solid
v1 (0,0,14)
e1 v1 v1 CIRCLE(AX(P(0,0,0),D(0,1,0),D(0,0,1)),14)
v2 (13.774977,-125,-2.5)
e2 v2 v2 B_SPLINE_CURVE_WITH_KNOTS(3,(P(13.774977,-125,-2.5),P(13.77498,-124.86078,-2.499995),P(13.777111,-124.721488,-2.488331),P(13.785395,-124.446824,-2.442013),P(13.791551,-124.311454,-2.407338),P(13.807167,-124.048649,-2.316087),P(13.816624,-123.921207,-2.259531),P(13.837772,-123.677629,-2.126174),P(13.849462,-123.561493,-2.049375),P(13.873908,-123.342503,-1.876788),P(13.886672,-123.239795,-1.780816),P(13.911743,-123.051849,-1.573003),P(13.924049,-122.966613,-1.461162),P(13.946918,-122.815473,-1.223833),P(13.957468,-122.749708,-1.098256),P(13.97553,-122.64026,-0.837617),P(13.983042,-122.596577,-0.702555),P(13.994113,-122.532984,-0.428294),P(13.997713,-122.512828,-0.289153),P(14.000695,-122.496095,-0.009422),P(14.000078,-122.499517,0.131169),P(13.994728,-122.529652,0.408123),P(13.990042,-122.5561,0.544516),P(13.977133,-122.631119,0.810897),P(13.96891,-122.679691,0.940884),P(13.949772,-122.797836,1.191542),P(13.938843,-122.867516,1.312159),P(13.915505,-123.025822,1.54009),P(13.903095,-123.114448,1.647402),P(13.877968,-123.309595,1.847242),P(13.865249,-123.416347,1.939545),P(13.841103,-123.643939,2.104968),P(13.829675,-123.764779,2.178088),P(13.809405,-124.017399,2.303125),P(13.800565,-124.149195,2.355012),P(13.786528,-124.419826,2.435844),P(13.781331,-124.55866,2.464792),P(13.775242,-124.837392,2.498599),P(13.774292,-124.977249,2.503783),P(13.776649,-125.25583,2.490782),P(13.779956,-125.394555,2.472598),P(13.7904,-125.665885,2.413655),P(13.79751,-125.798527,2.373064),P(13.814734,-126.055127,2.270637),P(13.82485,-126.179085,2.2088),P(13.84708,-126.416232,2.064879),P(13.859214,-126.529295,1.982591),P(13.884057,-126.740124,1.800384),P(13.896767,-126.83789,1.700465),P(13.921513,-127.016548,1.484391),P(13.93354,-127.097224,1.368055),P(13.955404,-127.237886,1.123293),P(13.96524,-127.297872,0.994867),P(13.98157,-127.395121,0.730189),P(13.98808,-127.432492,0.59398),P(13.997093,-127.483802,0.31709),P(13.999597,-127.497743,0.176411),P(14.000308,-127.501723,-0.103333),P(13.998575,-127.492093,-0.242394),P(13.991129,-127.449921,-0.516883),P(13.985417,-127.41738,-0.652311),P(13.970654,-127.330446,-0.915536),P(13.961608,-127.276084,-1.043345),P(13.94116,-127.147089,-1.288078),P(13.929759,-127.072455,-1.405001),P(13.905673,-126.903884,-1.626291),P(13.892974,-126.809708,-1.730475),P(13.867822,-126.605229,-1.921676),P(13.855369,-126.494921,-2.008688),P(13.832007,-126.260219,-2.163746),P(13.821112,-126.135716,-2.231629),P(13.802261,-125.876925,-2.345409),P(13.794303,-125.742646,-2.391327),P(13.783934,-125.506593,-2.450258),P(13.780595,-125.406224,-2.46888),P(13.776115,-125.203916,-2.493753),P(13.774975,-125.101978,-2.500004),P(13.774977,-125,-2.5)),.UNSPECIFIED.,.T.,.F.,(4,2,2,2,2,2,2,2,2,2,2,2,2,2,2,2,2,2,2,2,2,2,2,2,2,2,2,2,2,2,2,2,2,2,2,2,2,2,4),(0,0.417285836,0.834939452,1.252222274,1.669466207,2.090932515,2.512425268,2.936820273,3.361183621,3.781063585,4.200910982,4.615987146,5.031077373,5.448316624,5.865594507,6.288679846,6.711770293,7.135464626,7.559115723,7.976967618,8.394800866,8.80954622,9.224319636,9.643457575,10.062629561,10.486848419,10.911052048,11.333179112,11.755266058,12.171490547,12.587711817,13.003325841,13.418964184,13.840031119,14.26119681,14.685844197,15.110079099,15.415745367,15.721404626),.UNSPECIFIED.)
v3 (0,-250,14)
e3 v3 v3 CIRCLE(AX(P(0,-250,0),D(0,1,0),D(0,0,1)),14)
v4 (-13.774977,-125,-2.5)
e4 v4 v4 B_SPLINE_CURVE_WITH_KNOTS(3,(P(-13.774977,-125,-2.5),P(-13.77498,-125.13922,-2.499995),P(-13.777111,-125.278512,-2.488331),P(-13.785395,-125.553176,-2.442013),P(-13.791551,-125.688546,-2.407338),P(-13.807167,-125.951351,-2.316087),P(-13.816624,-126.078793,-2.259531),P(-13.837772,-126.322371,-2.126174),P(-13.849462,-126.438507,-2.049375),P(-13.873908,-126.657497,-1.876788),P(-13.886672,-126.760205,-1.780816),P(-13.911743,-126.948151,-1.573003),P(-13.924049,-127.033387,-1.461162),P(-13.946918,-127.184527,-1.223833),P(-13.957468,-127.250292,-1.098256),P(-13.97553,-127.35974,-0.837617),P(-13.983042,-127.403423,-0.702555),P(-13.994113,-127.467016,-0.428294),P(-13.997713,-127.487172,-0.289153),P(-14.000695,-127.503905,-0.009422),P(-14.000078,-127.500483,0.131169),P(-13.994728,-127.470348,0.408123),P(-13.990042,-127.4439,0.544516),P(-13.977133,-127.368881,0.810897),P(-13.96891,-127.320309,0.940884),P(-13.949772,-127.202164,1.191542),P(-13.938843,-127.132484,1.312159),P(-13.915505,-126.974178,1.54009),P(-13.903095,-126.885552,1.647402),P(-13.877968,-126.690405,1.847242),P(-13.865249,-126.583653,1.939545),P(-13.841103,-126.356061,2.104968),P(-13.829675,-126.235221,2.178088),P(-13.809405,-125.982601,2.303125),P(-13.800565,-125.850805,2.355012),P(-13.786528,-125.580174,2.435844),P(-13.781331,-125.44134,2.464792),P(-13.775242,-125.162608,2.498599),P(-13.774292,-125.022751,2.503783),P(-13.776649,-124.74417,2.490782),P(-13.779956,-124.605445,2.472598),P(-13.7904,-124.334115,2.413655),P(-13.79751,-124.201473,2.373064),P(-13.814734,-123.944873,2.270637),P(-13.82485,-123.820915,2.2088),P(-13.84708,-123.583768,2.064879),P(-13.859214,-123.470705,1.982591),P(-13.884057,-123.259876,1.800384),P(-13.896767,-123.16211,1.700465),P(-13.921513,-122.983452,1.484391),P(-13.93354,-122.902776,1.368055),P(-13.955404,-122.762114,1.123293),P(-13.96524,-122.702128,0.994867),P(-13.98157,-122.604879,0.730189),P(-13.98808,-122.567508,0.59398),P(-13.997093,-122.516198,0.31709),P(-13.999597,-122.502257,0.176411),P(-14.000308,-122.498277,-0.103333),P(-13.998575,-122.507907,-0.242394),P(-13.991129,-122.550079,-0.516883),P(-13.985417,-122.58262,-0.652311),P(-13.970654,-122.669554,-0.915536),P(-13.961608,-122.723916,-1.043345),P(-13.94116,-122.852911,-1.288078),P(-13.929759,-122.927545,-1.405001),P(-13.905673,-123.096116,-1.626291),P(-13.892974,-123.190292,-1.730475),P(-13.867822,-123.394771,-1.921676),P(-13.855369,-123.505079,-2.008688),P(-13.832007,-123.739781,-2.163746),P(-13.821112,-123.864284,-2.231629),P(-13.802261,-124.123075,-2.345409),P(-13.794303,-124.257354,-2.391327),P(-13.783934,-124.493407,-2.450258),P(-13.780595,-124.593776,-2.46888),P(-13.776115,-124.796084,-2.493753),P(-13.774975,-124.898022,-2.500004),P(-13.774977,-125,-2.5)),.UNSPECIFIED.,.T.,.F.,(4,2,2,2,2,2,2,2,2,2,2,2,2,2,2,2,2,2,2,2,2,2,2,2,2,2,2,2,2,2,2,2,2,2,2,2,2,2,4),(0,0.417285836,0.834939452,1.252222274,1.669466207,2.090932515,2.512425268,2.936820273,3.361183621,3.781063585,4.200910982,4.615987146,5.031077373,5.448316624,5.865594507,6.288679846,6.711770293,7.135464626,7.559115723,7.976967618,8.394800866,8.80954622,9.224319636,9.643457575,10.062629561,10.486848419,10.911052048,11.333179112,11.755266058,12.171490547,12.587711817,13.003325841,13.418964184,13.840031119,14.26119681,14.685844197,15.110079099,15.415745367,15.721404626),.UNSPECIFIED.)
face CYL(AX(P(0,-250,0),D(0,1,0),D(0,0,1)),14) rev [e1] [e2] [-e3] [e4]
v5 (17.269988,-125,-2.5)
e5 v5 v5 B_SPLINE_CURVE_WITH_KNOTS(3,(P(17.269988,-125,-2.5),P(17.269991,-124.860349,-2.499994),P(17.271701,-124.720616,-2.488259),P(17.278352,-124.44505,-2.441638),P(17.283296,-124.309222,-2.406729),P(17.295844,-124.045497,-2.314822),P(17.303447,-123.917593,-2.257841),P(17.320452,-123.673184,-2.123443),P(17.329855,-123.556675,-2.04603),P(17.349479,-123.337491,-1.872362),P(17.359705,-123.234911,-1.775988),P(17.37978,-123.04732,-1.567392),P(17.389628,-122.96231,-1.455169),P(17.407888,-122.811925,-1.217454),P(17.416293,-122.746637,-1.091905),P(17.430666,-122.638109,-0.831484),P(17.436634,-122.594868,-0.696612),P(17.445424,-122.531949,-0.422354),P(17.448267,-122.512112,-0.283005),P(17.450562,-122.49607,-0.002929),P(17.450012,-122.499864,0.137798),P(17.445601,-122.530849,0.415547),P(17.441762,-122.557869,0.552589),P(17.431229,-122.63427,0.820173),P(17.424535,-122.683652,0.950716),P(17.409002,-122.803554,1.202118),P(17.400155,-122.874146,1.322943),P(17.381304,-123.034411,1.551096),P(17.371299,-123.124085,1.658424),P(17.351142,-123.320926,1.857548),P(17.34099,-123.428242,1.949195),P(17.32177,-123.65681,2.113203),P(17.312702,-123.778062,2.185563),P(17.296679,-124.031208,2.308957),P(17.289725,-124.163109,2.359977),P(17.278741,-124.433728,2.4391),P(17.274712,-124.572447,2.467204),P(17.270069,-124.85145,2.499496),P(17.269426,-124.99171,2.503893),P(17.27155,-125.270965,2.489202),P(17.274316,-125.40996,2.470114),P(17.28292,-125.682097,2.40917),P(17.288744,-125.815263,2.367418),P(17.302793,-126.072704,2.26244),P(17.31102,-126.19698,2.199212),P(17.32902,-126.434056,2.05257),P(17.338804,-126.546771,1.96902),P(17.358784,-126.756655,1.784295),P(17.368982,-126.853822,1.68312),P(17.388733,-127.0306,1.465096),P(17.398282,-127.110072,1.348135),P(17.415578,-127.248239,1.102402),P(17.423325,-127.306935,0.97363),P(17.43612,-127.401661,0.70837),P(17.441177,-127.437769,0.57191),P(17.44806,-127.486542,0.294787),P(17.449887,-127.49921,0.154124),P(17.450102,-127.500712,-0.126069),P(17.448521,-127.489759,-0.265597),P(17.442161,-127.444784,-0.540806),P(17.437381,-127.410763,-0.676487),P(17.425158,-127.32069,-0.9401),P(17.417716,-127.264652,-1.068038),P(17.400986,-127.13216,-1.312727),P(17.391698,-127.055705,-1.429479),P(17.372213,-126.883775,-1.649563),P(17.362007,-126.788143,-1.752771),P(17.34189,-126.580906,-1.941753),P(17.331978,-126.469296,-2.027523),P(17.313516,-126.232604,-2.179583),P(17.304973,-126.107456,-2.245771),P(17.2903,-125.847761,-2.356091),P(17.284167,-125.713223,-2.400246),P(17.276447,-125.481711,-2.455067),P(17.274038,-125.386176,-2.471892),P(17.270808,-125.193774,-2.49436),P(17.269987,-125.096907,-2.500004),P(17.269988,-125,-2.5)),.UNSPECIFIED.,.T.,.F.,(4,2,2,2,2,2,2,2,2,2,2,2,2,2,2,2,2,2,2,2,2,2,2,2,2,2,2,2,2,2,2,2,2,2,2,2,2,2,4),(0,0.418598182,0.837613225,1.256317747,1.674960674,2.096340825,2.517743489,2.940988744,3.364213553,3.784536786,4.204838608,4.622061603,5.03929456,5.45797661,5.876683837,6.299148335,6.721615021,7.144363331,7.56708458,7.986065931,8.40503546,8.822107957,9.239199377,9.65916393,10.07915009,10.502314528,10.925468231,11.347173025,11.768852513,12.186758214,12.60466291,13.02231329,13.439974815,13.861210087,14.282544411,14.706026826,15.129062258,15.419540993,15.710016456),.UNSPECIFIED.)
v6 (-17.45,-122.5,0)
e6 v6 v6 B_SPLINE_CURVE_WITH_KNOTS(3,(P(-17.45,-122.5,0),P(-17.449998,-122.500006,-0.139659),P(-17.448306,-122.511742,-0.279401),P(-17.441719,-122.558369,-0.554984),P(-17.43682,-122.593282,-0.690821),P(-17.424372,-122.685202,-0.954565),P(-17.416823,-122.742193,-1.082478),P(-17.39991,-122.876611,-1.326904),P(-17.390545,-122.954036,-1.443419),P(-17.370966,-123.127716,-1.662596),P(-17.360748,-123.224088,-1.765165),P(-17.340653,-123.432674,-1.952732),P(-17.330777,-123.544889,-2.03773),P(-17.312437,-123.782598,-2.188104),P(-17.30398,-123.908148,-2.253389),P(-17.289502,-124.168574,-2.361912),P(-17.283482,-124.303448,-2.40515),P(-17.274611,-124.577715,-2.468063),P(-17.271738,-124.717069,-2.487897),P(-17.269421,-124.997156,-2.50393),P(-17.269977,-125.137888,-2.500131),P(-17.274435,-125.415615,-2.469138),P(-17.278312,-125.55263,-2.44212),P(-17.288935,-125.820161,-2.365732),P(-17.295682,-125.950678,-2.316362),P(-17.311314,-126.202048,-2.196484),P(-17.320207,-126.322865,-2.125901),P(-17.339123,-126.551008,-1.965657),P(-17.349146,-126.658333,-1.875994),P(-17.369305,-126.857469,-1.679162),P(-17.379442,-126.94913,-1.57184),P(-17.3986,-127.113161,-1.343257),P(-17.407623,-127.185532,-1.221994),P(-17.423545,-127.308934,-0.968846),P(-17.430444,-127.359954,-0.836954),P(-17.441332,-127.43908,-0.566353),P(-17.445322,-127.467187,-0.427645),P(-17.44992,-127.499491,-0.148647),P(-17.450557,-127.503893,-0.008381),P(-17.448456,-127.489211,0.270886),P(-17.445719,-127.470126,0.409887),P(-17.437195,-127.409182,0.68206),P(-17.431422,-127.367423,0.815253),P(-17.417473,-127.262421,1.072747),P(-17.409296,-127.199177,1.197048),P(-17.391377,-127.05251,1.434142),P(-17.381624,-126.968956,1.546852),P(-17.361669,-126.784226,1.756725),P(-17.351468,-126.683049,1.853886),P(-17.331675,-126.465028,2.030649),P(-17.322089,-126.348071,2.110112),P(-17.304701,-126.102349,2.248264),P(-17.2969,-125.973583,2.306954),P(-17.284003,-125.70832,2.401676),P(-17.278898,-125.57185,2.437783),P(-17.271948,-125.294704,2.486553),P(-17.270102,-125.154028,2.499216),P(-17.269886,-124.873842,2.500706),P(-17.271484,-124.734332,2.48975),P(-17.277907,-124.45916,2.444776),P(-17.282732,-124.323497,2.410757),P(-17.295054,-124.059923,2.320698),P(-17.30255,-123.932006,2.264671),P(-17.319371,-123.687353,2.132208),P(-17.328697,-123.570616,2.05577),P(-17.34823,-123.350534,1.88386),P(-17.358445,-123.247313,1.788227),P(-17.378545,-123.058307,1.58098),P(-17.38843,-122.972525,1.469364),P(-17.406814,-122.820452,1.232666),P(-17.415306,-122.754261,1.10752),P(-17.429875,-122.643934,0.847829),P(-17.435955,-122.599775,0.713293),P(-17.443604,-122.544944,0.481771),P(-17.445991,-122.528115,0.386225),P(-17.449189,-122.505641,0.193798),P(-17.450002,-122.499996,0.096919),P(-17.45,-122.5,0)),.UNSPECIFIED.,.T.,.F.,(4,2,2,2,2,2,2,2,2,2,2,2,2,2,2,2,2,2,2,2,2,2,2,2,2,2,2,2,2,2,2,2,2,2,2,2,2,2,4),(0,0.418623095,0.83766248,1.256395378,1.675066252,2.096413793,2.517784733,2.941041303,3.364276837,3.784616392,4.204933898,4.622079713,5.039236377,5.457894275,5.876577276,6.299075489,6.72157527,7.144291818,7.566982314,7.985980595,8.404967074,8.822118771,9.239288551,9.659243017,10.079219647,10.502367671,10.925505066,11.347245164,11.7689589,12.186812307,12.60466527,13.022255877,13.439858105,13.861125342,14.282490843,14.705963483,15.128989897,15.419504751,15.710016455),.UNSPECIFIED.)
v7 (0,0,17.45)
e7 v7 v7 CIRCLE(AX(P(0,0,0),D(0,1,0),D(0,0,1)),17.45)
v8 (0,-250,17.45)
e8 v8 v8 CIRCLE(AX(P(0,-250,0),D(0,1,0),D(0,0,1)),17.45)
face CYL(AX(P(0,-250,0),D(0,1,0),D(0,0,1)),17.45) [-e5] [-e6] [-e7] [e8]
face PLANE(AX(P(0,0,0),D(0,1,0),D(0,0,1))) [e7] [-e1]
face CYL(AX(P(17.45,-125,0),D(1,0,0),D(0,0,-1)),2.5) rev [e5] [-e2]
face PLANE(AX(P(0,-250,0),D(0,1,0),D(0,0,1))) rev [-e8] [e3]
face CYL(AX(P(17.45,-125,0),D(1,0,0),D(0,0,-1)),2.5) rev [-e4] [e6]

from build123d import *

# Parameters (mm, degrees)
SKETCH2_R                   = 17.45
SKETCH2_R_2                 = 14
BOSS_EXTRUDE1_DEPTH         = 250
TAP_DRILL_FOR_M6X1_0_TAP1_D = 5


with BuildPart() as part:
    # Sketch2 → Boss-Extrude1 (new body)
    with BuildSketch(Plane(origin=(0, 0, 0), x_dir=(1, 0, 0), z_dir=(0, 1, 0))):
        with Locations(Location((0, 0, 0), (0, 0, 270))):
            Circle(SKETCH2_R)
        with Locations(Location((0, 0, 0), (0, 0, 270))):
            Circle(SKETCH2_R_2, mode=Mode.SUBTRACT)
    extrude(amount=-BOSS_EXTRUDE1_DEPTH)

    # Tap Drill for M6x1.0 Tap1 (through all)
    with Locations(Plane(origin=(17.45, 0, 0), x_dir=(0, 0, -1), z_dir=(1, 0, 0))):
        with Locations((0, -125)):
            Hole(TAP_DRILL_FOR_M6X1_0_TAP1_D / 2)


solid = part.part
